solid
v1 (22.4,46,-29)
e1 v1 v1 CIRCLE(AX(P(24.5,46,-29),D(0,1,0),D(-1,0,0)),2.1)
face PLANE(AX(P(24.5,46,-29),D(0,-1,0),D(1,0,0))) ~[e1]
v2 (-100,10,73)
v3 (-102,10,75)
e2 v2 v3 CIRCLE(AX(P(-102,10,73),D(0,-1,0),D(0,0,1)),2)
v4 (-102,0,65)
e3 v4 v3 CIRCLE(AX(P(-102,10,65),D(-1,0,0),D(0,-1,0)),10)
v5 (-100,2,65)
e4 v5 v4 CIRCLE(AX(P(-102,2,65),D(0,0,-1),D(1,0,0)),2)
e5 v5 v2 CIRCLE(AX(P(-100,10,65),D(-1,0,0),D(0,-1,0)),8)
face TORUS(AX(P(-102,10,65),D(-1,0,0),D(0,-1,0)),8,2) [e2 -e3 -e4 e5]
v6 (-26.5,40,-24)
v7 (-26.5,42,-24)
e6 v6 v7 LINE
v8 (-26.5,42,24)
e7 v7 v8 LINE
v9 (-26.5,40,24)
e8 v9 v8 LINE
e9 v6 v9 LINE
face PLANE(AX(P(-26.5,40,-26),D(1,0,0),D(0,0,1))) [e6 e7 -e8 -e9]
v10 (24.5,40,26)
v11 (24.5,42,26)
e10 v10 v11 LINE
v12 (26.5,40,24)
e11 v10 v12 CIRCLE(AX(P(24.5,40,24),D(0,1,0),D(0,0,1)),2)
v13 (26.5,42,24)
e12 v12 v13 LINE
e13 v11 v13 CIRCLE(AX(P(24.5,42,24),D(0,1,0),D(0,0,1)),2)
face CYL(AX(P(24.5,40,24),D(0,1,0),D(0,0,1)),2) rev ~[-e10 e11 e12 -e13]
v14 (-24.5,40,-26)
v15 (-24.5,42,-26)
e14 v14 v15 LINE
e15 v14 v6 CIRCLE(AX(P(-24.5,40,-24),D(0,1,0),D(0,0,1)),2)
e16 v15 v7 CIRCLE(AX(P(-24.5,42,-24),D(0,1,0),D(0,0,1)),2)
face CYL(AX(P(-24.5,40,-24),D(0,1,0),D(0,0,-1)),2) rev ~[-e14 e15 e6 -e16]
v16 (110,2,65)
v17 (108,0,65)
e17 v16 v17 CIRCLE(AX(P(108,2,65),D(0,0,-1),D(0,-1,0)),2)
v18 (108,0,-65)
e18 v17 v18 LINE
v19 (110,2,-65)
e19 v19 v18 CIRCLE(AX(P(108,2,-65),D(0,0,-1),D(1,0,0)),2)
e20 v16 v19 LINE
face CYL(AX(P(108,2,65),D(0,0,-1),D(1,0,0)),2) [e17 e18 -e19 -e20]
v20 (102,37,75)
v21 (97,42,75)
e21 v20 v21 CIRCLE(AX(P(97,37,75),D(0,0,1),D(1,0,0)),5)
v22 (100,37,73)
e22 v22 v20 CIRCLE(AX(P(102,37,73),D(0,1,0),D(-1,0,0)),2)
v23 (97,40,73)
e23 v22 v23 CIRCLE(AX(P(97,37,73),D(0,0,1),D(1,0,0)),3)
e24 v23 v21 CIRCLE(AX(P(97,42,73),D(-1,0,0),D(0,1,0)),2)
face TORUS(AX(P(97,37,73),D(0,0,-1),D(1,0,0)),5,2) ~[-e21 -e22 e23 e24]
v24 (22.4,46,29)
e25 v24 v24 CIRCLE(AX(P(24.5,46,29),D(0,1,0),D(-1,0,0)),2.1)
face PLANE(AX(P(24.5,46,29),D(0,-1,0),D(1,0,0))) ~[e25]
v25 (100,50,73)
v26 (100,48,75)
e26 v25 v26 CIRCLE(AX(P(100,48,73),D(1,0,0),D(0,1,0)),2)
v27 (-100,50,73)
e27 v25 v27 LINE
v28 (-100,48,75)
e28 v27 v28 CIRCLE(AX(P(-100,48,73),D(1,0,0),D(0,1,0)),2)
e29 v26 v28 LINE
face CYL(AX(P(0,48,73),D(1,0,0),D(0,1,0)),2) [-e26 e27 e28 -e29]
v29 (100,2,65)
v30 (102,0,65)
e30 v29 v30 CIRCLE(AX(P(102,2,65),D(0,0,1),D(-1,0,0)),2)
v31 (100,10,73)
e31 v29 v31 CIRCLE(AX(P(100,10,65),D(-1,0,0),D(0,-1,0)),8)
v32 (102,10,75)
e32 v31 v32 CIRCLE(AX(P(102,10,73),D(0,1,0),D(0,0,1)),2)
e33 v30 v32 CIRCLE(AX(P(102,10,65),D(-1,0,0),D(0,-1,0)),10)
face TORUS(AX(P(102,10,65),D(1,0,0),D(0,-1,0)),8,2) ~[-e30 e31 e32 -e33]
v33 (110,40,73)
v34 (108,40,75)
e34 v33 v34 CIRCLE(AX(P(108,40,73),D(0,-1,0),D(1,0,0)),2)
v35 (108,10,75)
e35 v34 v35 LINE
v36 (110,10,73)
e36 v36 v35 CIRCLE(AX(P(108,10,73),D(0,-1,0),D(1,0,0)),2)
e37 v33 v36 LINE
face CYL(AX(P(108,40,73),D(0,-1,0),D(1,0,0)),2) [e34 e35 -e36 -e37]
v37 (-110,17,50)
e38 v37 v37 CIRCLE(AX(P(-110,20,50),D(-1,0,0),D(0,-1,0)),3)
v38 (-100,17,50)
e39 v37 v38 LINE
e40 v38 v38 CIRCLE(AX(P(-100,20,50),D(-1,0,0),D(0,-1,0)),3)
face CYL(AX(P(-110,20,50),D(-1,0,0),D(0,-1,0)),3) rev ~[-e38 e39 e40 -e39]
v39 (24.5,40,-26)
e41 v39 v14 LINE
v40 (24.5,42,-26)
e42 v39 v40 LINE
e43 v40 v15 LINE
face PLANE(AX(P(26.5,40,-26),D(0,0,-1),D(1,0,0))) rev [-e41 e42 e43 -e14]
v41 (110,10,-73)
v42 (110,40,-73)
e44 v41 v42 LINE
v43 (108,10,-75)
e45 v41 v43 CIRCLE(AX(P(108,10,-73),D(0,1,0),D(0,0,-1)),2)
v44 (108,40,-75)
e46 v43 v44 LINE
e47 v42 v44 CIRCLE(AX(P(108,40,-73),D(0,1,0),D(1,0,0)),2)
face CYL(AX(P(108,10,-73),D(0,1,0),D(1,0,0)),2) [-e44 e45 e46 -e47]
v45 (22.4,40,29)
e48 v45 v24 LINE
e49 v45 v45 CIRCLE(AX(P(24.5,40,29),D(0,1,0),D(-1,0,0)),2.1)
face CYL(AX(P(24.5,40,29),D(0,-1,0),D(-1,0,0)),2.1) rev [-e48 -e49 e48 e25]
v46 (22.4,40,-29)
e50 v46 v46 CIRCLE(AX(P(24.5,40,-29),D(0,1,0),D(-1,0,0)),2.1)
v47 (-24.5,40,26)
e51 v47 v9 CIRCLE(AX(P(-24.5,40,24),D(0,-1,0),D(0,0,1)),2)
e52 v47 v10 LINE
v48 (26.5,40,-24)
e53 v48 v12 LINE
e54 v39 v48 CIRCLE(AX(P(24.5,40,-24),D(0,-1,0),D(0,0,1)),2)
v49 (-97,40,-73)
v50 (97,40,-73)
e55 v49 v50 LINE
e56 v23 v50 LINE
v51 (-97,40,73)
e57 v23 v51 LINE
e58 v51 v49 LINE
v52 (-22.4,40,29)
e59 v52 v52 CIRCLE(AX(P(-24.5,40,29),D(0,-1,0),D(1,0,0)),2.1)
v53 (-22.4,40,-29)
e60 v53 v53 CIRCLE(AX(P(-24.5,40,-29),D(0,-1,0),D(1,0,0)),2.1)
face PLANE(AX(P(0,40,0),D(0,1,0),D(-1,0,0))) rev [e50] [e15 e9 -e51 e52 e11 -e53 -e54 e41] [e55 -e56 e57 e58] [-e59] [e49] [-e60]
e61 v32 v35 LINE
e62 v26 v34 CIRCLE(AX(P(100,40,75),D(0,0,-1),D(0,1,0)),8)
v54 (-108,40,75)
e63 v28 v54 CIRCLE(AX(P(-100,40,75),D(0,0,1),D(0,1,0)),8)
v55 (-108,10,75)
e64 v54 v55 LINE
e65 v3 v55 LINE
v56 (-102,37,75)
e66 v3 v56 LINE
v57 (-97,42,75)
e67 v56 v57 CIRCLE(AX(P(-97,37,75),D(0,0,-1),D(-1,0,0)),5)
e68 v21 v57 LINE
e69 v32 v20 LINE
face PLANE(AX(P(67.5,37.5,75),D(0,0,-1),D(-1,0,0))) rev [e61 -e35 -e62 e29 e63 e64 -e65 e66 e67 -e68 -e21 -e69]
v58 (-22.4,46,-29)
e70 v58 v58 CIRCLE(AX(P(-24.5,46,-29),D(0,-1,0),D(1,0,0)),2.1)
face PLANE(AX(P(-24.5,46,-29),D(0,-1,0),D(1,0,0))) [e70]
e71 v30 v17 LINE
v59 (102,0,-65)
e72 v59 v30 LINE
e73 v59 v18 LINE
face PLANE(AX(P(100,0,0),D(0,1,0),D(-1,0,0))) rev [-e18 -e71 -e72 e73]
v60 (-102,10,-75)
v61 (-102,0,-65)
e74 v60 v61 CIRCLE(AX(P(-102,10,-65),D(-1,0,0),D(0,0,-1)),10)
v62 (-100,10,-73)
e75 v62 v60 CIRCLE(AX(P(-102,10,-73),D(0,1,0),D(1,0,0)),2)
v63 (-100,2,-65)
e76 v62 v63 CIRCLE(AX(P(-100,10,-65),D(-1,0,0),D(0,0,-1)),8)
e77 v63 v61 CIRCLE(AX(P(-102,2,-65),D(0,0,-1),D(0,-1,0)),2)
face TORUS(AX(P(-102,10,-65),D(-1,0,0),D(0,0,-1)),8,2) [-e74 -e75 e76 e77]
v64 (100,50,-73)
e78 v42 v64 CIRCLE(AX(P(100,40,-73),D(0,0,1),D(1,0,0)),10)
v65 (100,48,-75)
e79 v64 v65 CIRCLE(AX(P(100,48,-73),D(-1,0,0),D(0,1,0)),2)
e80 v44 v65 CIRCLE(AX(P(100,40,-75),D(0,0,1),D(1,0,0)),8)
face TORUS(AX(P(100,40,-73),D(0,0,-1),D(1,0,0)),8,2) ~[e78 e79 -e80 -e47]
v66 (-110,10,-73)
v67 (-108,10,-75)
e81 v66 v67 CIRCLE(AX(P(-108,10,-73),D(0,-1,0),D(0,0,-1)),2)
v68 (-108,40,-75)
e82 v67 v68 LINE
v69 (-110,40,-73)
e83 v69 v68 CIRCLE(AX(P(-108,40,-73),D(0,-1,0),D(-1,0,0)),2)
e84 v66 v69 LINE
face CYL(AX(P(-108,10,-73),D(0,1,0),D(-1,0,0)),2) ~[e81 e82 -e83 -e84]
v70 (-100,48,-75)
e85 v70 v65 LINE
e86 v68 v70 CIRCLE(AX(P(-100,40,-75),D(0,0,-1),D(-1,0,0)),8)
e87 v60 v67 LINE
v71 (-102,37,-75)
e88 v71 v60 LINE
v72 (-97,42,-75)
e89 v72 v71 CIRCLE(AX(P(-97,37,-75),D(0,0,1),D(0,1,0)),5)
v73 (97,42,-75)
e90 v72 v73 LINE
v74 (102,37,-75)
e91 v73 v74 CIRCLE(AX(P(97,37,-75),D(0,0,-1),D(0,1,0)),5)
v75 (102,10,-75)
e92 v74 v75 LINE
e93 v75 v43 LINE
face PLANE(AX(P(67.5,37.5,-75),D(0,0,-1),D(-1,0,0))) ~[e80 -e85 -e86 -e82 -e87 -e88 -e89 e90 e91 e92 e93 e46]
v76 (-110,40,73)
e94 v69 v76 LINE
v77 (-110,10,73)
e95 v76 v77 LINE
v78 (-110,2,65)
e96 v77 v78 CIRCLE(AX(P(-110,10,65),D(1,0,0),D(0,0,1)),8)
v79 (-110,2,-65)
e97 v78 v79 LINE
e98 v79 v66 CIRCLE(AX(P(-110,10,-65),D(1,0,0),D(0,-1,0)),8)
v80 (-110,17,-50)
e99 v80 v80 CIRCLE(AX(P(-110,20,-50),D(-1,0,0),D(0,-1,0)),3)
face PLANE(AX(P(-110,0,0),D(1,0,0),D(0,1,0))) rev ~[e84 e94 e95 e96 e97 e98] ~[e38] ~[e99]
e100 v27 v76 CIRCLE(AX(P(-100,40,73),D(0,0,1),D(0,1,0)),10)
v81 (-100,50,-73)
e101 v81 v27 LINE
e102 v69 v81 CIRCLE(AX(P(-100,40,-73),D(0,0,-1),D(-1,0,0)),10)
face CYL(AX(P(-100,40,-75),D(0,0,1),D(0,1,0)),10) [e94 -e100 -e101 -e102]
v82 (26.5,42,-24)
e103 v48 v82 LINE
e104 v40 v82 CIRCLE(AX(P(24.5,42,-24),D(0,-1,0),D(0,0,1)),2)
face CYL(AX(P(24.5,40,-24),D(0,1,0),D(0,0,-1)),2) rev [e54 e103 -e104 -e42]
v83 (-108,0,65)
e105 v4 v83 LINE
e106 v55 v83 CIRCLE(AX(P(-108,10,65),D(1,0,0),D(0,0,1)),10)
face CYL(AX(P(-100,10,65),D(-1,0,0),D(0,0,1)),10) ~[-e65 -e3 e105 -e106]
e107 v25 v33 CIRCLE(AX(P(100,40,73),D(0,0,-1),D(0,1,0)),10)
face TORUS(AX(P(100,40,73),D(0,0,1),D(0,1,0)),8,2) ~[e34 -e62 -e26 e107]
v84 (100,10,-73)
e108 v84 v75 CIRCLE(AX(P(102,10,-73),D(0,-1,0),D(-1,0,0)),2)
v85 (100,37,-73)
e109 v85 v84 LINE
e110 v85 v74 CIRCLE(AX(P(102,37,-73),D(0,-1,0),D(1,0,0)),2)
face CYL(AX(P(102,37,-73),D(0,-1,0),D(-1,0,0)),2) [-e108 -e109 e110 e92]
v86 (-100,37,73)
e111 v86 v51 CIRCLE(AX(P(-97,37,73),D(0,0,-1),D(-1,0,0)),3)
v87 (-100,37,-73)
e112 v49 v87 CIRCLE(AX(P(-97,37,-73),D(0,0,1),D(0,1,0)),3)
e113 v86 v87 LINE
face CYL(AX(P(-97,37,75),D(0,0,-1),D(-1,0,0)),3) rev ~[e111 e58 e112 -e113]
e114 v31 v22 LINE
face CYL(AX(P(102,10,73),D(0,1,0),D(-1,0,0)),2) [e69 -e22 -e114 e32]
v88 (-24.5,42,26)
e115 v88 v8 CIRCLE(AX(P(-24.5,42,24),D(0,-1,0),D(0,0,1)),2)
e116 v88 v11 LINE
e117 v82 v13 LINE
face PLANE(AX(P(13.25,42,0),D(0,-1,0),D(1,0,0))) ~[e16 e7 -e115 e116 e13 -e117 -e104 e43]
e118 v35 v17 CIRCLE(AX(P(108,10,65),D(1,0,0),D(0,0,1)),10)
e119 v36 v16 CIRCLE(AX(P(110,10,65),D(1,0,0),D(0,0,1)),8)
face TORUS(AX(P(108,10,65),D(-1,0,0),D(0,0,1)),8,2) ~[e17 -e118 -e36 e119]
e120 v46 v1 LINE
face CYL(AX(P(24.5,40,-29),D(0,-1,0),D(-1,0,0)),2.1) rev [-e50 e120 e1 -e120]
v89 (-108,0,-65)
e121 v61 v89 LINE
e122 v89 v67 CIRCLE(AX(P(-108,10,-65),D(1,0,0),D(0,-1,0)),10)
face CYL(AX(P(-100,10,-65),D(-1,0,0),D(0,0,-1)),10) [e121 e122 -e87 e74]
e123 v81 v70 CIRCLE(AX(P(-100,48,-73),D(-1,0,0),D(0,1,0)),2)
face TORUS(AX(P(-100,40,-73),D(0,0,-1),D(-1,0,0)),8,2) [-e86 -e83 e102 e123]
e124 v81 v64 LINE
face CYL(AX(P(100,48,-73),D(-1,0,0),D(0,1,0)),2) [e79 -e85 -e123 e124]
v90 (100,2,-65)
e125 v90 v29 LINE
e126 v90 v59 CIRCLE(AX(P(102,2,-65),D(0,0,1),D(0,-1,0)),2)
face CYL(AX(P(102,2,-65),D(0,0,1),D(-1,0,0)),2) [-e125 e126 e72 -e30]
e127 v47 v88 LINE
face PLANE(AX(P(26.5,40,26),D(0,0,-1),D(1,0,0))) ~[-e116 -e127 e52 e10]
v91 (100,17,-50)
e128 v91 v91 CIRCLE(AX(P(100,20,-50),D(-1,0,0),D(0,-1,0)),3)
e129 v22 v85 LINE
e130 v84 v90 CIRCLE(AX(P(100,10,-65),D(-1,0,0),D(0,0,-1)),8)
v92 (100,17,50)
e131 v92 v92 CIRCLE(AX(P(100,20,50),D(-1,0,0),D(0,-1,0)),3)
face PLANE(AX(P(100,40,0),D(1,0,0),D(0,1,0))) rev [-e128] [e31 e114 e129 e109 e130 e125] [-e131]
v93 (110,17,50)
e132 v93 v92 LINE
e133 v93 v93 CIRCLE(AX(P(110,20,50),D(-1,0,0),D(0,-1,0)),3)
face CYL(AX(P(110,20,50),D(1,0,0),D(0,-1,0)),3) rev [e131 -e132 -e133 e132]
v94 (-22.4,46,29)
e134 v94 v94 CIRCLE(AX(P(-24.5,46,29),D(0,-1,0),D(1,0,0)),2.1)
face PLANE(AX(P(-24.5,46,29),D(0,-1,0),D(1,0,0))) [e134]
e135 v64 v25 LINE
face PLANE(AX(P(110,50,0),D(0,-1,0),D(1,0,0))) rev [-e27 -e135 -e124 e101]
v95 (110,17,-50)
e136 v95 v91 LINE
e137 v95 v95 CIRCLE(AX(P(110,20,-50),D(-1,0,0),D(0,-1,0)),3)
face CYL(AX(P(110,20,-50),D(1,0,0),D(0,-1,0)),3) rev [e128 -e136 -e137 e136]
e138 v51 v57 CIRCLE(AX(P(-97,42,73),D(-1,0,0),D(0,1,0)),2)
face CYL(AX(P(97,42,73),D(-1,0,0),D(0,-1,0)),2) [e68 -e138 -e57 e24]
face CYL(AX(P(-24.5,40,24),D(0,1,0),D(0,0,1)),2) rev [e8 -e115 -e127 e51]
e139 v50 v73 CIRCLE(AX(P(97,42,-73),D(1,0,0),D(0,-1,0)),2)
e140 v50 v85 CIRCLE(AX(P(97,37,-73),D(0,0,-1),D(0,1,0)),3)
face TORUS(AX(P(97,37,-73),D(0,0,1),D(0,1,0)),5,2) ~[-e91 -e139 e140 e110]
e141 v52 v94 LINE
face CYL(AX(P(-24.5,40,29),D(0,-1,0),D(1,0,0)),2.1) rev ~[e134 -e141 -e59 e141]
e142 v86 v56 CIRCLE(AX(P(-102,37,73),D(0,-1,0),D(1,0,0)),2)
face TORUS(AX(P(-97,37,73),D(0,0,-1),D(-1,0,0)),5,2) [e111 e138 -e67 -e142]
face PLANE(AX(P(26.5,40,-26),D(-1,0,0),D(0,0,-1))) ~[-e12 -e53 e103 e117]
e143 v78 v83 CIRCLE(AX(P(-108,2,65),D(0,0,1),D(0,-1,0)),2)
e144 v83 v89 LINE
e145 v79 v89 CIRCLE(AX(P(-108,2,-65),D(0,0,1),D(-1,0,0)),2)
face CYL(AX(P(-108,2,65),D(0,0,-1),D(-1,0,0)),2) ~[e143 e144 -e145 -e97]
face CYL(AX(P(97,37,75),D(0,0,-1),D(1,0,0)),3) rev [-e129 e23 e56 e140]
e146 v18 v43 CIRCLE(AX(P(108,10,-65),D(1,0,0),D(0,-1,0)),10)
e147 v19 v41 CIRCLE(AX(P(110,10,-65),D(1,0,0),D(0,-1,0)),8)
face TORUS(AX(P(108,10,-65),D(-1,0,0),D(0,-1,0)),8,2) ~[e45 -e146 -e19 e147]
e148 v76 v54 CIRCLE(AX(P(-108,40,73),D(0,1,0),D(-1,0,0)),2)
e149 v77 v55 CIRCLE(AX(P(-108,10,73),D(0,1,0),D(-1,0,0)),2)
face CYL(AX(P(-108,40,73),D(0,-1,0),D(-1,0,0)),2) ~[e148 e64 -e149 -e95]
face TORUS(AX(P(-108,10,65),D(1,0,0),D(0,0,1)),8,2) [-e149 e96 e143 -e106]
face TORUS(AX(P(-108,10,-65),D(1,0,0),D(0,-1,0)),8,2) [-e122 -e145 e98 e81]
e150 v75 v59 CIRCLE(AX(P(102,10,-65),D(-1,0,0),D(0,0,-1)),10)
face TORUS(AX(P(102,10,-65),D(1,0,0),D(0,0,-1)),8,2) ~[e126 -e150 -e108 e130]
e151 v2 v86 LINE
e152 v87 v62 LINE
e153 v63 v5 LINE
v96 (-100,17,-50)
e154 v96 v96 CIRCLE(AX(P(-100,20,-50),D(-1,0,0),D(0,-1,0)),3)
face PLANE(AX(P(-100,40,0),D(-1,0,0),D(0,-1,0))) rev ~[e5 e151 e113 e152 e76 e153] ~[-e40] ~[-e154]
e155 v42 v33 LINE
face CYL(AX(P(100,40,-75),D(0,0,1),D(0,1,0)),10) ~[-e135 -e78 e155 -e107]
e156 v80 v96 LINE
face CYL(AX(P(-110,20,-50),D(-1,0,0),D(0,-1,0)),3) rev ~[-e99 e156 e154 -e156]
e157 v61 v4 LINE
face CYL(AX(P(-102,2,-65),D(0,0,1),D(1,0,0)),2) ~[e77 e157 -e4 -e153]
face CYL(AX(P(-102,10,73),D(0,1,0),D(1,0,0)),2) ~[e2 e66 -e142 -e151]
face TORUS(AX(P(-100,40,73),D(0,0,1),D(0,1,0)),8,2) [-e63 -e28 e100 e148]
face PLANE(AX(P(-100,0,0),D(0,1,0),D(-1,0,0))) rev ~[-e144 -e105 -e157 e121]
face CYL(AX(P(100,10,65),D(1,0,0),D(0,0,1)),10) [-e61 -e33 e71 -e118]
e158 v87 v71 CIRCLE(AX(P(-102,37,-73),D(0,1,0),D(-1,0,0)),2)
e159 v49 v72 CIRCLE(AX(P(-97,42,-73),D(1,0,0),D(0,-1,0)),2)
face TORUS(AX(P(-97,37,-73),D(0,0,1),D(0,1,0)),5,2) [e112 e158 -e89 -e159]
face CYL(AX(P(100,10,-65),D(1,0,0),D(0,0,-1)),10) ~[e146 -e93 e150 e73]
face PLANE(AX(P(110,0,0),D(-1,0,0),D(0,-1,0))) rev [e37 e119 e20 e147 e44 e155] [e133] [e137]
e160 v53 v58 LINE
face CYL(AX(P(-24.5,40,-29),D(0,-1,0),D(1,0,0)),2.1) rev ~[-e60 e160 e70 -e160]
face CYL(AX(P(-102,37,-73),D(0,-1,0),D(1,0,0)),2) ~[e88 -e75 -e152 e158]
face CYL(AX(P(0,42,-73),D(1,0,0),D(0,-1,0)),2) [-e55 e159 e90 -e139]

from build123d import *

# Parameters (mm, degrees)
PAD_DEPTH       = 75
SKETCH001_R     = 3
POCKET_DEPTH    = 110.001
SKETCH002_R     = 2.1
POCKET001_DEPTH = 6
SKETCH003_W     = 26.5
SKETCH003_H     = 52
POCKET002_DEPTH = 2
FILLET_R        = 10
FILLET001_R     = 3
FILLET002_R     = 2
FILLET003_R     = 2


with BuildPart() as part:
    # Sketch → Pad (new body, symmetric)
    with BuildSketch(Plane.XY):
        Polygon((0, 40), (-100, 40), (-100, 0), (-110, 0), (-110, 50), (0, 50), align=None)
        Polygon((0, 40), (0, 50), align=None)
    extrude(amount=PAD_DEPTH, both=True)

    # Sketch001 (on Face3 of Pad) → Pocket (cut, through all)
    with BuildSketch(Plane(origin=(-110, 0, 0), x_dir=(0, -1, 0), z_dir=(-1, 0, 0))):
        with Locations((-20, -50)):
            Circle(SKETCH001_R)
        with Locations((-20, 50)):
            Circle(SKETCH001_R)
    extrude(amount=-POCKET_DEPTH, mode=Mode.SUBTRACT)

    # Sketch002 → Pocket001 (cut)
    with BuildSketch(Plane.XZ.offset(-40)):
        with Locations((-24.5, 29)):
            Circle(SKETCH002_R)
        with Locations((-24.5, -29)):
            Circle(SKETCH002_R)
    extrude(amount=-POCKET001_DEPTH, mode=Mode.SUBTRACT)

    # Sketch003 (on Face2 of Pocket001) → Pocket002 (cut)
    with BuildSketch(Plane.XZ.offset(-40)):
        with Locations((-13.25, 0)):
            Rectangle(SKETCH003_W, SKETCH003_H)
    extrude(amount=-POCKET002_DEPTH, mode=Mode.SUBTRACT)

    # Fillet
    fillet_edges = [part.edges().sort_by_distance(p)[0] for p in [
        (-105, 0, -75),
        (-105, 0, 75),
        (-110, 50, 0),
    ]]
    fillet(fillet_edges, radius=FILLET_R)

    # Fillet001
    fillet001_edges = [part.edges().sort_by_distance(p)[0] for p in [
        (-100, 40, 0),
    ]]
    fillet(fillet001_edges, radius=FILLET001_R)

    # Fillet002
    fillet002_edges = [part.edges().sort_by_distance(p)[0] for p in [
        (-110, 25, -75),
        (-100, 23.5, -75),
    ]]
    fillet(fillet002_edges, radius=FILLET002_R)

    # Fillet003
    fillet003_edges = [part.edges().sort_by_distance(p)[0] for p in [
        (-26.5, 41, 26),
        (-26.5, 41, -26),
    ]]
    fillet(fillet003_edges, radius=FILLET003_R)

    # Mirrored: part across YZ


with BuildPart() as part_1:
    add(part.part)
    add(part.part.mirror(Plane.YZ))


solid = part_1.part
